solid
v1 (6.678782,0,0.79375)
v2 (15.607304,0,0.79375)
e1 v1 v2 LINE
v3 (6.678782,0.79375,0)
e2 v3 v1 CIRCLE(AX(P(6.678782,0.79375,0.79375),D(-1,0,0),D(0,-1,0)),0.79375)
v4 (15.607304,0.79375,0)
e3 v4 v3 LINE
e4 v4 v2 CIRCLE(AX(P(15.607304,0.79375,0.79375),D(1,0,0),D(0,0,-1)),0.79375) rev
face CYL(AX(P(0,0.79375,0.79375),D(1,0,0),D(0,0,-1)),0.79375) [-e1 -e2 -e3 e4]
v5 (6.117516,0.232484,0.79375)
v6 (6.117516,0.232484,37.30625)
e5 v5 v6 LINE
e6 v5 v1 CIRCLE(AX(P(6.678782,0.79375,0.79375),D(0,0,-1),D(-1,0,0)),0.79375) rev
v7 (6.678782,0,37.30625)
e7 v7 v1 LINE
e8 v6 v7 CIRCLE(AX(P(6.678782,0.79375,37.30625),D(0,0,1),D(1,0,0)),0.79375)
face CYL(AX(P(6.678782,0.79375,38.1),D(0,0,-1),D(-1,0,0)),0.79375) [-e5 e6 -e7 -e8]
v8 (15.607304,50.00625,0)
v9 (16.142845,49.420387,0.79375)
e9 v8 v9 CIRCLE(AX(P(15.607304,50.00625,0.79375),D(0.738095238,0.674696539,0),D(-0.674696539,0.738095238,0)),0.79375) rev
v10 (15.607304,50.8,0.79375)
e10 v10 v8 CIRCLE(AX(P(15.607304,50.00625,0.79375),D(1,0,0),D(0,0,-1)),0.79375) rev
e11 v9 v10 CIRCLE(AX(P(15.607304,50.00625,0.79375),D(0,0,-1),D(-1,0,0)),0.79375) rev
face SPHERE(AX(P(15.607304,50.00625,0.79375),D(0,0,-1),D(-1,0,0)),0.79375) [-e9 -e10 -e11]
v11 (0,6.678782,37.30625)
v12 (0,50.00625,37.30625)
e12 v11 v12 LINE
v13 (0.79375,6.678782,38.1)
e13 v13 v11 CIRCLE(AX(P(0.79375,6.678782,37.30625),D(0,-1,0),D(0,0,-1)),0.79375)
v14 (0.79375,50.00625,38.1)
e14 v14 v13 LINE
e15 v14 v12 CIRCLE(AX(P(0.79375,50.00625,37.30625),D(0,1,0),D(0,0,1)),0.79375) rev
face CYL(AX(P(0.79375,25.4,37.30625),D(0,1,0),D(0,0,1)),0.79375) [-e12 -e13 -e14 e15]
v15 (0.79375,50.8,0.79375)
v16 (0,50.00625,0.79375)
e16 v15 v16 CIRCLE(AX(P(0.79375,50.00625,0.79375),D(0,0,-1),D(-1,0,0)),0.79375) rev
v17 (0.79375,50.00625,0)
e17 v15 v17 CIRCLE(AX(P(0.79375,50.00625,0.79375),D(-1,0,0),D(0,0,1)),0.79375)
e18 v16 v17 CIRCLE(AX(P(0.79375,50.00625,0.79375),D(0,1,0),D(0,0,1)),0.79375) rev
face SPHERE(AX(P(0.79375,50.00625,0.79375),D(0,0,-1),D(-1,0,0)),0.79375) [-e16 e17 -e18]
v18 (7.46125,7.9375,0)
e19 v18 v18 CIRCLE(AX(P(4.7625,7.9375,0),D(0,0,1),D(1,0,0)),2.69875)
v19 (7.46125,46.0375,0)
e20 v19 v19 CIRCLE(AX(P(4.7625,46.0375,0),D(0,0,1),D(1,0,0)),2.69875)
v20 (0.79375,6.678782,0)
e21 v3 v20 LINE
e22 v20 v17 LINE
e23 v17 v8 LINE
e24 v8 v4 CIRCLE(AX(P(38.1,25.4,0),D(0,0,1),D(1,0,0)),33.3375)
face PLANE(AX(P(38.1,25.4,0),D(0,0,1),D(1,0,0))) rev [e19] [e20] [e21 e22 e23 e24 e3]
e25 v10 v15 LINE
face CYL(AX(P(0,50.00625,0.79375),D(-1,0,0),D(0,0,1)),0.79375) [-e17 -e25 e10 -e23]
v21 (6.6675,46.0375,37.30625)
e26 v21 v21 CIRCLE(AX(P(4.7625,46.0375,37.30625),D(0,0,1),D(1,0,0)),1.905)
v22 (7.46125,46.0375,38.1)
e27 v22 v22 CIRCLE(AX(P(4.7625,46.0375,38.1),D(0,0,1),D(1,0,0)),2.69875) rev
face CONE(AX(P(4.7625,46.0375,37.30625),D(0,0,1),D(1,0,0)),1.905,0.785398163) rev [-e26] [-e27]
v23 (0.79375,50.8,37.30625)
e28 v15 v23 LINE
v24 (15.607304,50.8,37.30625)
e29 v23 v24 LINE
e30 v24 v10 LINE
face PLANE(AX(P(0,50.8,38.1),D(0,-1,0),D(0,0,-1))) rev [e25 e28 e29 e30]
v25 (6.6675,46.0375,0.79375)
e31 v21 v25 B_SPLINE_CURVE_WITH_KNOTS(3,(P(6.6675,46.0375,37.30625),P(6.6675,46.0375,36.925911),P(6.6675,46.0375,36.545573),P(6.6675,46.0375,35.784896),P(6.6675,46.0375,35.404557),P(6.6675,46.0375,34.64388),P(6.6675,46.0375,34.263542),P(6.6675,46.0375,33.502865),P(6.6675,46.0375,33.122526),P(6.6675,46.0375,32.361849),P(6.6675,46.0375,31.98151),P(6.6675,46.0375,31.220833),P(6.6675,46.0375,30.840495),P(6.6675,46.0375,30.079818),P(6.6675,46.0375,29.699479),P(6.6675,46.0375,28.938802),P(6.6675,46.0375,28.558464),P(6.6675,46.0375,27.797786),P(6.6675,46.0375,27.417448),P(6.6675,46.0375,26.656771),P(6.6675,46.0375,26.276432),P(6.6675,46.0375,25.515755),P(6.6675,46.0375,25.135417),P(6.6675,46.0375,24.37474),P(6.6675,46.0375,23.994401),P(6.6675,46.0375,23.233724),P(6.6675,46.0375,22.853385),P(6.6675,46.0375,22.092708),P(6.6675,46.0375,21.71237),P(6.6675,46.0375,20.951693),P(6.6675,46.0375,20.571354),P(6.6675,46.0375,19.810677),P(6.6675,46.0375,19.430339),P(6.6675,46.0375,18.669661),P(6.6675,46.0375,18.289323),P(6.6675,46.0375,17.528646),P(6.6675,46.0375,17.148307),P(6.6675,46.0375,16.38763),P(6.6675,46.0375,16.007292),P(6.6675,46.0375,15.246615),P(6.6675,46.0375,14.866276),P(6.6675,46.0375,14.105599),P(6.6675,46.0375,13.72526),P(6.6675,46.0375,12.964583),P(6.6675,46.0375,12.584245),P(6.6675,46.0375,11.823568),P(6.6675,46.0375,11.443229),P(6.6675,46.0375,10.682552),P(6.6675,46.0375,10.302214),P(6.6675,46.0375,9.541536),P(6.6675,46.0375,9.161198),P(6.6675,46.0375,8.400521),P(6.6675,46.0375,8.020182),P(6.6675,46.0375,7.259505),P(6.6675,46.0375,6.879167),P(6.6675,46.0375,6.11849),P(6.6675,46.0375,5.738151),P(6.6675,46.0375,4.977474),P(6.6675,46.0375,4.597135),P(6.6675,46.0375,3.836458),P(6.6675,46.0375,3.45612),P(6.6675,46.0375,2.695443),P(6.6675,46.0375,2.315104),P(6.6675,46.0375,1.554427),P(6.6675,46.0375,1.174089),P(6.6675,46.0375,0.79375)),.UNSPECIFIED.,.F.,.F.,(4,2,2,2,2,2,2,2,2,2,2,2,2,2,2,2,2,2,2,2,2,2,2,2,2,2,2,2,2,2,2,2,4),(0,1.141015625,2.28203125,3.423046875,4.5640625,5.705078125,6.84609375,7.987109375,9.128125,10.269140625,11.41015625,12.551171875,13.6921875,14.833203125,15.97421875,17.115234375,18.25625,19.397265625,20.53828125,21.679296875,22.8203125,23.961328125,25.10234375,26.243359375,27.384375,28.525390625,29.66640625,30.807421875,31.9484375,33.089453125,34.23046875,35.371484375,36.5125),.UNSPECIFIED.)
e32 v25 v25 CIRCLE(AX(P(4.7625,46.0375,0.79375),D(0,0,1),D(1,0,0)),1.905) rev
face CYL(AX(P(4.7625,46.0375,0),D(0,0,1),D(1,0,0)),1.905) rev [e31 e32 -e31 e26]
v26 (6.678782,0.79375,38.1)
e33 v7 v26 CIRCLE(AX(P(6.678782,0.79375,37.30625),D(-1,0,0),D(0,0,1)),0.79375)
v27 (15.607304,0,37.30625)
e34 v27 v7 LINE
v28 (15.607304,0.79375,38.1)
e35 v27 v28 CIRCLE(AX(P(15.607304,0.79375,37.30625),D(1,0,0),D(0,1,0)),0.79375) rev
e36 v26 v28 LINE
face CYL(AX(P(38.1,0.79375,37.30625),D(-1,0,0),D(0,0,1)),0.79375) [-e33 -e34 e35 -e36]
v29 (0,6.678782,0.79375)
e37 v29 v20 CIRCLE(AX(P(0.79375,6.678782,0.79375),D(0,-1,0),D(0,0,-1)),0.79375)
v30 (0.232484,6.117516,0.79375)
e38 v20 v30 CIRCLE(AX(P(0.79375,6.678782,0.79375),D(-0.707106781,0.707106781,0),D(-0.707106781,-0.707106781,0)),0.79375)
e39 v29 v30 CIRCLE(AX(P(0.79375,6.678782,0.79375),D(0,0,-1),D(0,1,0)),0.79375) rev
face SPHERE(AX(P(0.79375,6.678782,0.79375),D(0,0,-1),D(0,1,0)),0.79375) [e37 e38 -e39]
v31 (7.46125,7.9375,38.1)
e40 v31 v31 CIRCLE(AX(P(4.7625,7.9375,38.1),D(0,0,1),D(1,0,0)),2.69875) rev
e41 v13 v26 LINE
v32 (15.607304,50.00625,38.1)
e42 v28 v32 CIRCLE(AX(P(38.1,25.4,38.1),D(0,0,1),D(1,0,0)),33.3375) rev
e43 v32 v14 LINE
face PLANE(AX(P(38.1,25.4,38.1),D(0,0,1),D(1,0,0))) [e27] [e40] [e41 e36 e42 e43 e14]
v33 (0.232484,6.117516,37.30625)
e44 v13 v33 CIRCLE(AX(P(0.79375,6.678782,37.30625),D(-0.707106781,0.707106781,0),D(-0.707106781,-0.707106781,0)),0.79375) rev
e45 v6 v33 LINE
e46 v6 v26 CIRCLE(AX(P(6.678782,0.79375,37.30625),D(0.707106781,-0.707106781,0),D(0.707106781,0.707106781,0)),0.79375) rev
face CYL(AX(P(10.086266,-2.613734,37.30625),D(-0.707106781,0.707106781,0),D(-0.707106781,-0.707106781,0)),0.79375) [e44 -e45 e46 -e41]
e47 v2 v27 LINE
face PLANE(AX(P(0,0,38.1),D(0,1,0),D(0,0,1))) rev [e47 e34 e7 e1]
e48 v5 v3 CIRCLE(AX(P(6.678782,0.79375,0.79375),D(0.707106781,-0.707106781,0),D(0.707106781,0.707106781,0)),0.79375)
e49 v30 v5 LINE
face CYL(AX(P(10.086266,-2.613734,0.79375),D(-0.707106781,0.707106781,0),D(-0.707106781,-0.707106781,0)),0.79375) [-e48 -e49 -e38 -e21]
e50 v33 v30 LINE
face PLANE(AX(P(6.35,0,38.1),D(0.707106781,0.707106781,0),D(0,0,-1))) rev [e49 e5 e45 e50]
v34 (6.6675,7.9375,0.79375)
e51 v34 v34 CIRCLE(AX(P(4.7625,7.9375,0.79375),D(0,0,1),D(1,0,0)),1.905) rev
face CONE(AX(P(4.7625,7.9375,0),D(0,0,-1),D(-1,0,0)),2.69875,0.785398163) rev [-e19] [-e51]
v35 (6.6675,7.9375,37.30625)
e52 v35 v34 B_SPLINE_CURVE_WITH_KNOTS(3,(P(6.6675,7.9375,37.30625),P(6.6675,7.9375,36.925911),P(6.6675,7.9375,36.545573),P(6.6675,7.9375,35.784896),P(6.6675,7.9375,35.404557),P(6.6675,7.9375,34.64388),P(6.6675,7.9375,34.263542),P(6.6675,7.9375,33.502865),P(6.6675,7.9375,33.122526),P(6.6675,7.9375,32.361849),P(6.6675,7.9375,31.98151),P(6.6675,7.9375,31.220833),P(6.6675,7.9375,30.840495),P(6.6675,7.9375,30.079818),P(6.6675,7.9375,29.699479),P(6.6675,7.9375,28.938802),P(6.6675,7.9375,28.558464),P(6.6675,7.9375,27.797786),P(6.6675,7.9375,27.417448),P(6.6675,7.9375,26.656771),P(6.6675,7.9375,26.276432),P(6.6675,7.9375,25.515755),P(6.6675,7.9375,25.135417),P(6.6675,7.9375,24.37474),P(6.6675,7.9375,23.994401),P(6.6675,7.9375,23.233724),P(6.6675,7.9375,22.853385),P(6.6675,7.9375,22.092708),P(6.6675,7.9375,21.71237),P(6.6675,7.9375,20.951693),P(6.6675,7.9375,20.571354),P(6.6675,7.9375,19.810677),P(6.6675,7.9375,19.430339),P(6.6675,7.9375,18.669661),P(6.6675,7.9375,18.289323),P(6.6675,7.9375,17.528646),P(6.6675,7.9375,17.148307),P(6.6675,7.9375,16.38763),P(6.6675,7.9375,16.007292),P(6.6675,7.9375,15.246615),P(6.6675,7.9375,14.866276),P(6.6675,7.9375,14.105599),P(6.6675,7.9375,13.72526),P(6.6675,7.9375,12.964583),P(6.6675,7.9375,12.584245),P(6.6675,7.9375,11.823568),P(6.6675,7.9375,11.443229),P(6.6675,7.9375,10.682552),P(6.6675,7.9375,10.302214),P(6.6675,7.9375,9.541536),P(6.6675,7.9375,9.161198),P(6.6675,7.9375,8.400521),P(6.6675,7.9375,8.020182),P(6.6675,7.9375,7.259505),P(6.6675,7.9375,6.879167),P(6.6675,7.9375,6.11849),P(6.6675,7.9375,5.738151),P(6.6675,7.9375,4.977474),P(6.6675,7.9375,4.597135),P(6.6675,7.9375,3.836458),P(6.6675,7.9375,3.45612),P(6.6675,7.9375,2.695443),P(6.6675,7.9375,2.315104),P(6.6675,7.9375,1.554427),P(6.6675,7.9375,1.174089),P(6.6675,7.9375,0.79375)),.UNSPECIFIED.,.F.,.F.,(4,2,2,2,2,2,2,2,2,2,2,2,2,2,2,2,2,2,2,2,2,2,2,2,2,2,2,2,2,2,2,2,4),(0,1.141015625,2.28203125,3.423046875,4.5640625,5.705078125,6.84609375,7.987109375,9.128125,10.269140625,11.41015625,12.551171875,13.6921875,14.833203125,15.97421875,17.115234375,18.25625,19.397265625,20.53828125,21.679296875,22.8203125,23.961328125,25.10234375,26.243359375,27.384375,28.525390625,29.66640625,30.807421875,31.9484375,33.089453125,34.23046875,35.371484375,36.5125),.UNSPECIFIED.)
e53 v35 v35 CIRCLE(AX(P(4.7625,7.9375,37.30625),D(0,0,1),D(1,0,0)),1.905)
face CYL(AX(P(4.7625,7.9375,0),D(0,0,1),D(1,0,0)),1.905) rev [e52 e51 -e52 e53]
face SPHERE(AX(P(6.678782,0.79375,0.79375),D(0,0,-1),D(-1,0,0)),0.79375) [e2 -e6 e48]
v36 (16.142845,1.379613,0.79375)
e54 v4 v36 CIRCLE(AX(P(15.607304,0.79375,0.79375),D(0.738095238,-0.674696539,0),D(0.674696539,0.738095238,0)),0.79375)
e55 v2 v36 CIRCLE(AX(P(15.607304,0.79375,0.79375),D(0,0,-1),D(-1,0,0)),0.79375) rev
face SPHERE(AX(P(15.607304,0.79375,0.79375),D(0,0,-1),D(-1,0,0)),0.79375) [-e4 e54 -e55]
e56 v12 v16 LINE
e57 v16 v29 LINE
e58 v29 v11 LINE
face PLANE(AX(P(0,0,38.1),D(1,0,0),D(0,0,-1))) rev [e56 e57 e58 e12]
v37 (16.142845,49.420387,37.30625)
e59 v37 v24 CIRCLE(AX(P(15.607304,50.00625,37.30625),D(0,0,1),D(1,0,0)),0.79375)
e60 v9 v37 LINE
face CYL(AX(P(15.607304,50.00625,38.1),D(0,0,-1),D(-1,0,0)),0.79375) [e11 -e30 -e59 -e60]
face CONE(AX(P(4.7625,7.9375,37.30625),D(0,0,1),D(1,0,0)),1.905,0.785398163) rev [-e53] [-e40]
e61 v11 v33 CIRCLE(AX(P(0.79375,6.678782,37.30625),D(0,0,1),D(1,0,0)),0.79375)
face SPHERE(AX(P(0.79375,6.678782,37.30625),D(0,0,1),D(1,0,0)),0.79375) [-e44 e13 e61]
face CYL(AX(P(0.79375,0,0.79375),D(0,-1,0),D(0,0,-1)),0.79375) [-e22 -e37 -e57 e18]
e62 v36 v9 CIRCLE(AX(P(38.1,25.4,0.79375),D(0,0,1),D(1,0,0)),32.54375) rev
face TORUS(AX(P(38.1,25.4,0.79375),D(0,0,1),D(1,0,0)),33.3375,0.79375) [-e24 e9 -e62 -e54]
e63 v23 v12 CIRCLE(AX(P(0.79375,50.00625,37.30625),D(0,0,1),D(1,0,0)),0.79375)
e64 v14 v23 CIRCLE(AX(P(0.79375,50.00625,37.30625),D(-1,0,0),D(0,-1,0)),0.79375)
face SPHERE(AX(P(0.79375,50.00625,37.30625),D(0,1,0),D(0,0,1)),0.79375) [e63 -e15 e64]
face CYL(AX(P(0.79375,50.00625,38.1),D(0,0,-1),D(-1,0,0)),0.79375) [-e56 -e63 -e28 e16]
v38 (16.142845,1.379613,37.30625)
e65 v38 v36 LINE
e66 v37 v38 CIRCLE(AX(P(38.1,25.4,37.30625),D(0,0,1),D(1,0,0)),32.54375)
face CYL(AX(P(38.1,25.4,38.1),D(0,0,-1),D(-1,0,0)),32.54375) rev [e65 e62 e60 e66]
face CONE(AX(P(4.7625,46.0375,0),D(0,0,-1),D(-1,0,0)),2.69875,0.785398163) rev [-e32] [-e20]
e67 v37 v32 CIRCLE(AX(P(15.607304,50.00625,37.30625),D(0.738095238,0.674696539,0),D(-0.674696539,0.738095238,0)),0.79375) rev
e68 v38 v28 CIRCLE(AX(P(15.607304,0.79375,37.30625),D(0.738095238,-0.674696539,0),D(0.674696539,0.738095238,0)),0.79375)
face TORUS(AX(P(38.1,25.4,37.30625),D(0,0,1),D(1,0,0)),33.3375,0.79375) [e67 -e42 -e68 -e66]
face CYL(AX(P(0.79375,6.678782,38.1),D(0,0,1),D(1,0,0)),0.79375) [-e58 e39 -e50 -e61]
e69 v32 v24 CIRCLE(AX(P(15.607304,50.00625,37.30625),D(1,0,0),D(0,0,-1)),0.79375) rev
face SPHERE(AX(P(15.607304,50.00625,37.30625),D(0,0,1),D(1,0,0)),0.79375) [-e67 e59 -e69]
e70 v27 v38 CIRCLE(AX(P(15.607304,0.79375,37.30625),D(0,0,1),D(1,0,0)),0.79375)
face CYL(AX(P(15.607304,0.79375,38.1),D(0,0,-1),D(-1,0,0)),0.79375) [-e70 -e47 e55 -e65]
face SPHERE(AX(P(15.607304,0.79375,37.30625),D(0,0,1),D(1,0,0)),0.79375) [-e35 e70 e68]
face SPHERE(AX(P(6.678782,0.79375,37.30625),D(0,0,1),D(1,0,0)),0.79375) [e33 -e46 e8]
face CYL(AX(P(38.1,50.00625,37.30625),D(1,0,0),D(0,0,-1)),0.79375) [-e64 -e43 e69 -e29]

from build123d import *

# Parameters (mm, degrees)
BOSS_EXTRUDE1_DEPTH = 38.1
SKETCH2_R           = 1.905
CUT_EXTRUDE1_DEPTH  = 66.935388863
CHAMFER1_SIZE       = 6.35
FILLET1_R           = 0.79375
CHAMFER2_SIZE       = 0.79375


with BuildPart() as part:
    # Sketch1 → Boss-Extrude1 (new body)
    with BuildSketch(Plane.XY):
        with BuildLine():
            Line((0, 0), (17.754591081, 0))
            ThreePointArc((17.754591081, 0), (5.55625, 25.4), (17.754591081, 50.8))
            Line((17.754591081, 50.8), (0, 50.8))
            Line((0, 50.8), (0, 0))
        make_face()
    extrude(amount=BOSS_EXTRUDE1_DEPTH)

    # Sketch2 → Cut-Extrude1 (cut, through all)
    with BuildSketch(Plane.XY.offset(38.1)):
        with Locations((4.7625, 46.0375)):
            Circle(SKETCH2_R)
        with Locations((4.7625, 7.9375)):
            Circle(SKETCH2_R)
    extrude(amount=-CUT_EXTRUDE1_DEPTH, mode=Mode.SUBTRACT)

    # Chamfer1
    chamfer1_edges = [part.edges().sort_by_distance(p)[0] for p in [
        (0, 0, 19.05),
    ]]
    chamfer(chamfer1_edges, length=CHAMFER1_SIZE)

    # Fillet1
    fillet1_edges = [part.edges().sort_by_distance(p)[0] for p in [
        (5.55625, 25.4, 38.1),
        (8.877295541, 50.8, 38.1),
        (12.052295541, 0, 0),
        (12.052295541, 0, 38.1),
        (6.35, 0, 19.05),
        (3.175, 3.175, 0),
        (0, 6.35, 19.05),
        (3.175, 3.175, 38.1),
        (0, 28.575, 38.1),
        (8.877295541, 50.8, 0),
        (5.55625, 25.4, 0),
        (0, 28.575, 0),
        (0, 50.8, 19.05),
        (17.754591081, 50.8, 19.05),
        (17.754591081, 0, 19.05),
    ]]
    fillet(fillet1_edges, radius=FILLET1_R)

    # Chamfer2
    chamfer2_edges = [part.edges().sort_by_distance(p)[0] for p in [
        (2.8575, 46.0375, 0),
        (2.8575, 46.0375, 38.1),
        (2.8575, 7.9375, 0),
        (2.8575, 7.9375, 38.1),
    ]]
    chamfer(chamfer2_edges, length=CHAMFER2_SIZE)


solid = part.part
